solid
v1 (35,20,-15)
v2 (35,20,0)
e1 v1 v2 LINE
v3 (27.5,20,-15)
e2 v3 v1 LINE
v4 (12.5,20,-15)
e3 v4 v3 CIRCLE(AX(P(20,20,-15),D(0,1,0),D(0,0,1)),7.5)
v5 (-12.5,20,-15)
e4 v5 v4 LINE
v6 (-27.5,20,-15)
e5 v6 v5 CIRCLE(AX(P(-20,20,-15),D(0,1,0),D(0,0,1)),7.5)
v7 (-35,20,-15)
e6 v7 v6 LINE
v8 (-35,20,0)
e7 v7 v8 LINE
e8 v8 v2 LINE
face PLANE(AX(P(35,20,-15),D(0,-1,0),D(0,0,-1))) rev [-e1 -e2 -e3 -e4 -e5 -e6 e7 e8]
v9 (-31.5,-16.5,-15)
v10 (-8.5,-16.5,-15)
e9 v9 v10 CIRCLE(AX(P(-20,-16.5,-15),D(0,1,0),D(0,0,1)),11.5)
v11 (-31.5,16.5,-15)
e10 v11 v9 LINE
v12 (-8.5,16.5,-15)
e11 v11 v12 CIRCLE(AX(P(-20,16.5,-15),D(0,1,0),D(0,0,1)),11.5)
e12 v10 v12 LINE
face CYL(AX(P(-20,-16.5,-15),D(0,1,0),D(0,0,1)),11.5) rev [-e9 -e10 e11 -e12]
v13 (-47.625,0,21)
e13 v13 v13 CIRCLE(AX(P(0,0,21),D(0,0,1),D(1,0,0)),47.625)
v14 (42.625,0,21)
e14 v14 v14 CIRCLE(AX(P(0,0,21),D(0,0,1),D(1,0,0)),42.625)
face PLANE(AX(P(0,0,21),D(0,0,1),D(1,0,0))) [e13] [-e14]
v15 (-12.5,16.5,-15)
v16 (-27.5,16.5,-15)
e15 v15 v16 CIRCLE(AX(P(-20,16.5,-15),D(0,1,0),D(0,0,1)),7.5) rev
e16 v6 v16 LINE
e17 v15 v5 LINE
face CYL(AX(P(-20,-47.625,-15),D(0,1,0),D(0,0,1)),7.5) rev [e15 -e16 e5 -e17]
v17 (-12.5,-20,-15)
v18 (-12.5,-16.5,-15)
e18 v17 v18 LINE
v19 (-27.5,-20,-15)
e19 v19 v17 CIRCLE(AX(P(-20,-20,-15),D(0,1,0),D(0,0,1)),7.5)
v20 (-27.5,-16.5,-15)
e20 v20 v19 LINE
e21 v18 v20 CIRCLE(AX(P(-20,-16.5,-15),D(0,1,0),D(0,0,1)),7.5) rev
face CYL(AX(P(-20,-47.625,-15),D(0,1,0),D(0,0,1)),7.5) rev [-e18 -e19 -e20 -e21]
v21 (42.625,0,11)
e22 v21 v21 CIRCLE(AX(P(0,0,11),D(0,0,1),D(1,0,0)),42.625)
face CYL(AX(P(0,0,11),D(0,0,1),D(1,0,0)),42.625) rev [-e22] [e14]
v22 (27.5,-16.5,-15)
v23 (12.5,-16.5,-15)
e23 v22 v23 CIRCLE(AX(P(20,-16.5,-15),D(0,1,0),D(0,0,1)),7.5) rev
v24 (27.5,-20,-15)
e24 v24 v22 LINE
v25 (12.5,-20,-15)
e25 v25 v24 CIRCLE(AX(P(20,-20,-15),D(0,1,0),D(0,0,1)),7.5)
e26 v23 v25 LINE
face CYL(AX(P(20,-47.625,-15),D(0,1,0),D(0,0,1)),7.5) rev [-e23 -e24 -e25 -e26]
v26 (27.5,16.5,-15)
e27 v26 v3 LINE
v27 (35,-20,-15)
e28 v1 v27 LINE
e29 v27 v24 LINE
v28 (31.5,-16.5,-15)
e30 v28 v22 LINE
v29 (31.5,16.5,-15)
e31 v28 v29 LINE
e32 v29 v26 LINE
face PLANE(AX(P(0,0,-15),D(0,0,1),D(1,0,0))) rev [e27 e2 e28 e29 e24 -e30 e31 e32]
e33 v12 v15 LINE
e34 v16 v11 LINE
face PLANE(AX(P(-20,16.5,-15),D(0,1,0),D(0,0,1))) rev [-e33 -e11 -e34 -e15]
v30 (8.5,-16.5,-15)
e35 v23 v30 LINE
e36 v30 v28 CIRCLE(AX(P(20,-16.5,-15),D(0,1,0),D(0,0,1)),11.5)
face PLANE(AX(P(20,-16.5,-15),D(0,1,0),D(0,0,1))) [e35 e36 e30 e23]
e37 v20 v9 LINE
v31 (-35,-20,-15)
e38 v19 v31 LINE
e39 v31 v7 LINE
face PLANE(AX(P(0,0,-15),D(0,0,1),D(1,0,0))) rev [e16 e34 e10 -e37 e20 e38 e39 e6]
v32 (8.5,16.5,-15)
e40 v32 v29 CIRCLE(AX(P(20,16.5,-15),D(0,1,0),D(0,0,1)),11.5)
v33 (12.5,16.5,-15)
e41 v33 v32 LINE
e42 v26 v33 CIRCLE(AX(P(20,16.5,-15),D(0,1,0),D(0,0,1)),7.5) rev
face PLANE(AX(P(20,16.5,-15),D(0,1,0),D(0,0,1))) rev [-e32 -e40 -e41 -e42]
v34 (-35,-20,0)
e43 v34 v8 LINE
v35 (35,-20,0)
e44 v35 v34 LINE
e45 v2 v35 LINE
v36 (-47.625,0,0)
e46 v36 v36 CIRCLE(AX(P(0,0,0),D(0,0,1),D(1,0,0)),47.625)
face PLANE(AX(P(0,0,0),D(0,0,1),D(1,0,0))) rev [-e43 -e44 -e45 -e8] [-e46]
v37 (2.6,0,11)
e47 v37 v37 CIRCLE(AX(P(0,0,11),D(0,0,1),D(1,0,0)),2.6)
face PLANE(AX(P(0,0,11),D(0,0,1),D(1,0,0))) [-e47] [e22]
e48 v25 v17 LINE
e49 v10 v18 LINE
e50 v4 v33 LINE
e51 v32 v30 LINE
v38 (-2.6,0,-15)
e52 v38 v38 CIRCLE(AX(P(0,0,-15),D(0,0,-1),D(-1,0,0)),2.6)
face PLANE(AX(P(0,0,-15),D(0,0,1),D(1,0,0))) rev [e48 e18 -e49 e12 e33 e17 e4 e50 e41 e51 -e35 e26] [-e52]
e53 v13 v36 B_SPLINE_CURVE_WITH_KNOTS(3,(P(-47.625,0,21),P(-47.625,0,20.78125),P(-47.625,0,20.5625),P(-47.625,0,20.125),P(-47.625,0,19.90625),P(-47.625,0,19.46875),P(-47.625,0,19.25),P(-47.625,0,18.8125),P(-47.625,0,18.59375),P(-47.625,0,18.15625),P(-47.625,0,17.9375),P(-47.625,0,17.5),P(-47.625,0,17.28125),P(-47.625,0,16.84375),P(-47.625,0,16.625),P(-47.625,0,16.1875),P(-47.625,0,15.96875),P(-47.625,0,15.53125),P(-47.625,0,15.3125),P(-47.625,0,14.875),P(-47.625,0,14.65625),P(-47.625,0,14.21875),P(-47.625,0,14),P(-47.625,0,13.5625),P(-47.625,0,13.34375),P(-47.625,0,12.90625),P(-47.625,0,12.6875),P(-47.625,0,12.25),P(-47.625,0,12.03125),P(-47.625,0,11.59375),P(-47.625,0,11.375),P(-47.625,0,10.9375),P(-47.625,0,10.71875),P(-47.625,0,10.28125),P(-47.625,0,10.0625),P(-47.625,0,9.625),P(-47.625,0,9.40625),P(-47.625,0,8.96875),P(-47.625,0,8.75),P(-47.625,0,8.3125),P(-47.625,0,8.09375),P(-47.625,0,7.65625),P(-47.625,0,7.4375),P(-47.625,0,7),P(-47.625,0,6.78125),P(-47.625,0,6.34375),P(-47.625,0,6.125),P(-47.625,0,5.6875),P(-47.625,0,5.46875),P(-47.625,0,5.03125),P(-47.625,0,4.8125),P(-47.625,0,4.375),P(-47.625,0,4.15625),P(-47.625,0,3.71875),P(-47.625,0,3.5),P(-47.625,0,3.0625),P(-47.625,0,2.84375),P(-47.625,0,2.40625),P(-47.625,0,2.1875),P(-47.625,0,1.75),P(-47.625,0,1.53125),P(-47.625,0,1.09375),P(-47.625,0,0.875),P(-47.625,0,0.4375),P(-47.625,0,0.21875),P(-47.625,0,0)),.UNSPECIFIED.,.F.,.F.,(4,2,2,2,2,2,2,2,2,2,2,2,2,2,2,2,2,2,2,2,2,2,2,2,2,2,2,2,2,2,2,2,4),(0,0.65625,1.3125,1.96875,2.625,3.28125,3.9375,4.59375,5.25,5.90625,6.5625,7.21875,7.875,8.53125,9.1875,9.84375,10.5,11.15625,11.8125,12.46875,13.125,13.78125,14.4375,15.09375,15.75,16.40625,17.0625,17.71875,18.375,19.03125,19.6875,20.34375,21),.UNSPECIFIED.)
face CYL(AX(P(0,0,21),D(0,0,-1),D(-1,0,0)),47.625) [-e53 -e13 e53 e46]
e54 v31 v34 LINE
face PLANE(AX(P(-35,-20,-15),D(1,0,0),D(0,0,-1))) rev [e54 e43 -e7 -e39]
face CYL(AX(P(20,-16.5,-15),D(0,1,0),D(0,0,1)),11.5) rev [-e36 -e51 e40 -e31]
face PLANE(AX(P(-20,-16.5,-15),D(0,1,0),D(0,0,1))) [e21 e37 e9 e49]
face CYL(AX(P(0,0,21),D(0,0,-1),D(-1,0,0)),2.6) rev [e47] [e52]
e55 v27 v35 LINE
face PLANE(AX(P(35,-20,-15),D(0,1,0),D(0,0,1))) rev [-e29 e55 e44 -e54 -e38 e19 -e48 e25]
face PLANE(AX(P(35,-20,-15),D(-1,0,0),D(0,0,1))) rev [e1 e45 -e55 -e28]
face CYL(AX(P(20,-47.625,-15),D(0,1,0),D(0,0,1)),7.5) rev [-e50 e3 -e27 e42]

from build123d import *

# Parameters (mm, degrees)
SKETCH1_R           = 47.625
BOSS_EXTRUDE1_DEPTH = 21
SKETCH2_R           = 42.625
CUT_EXTRUDE1_DEPTH  = 10
SKETCH3_W           = 70
SKETCH3_H           = 40
BOSS_EXTRUDE2_DEPTH = 15
SKETCH4_R           = 7.5
CUT_EXTRUDE2_DEPTH  = 86.336283315
SKETCH5_R           = 2.6
CUT_EXTRUDE3_DEPTH  = 77.36937377
SKETCH6_R           = 11.5
CUT_EXTRUDE4_DEPTH  = 16.5


with BuildPart() as part:
    # Sketch1 → Boss-Extrude1 (new body)
    with BuildSketch(Plane.XY):
        with Locations(Location((0, 0, 0), (0, 0, 180))):
            Circle(SKETCH1_R)
    extrude(amount=BOSS_EXTRUDE1_DEPTH)

    # Sketch2 → Cut-Extrude1 (cut)
    with BuildSketch(Plane.XY.offset(21)):
        Circle(SKETCH2_R)
    extrude(amount=-CUT_EXTRUDE1_DEPTH, mode=Mode.SUBTRACT)

    # Sketch3 → Boss-Extrude2 (add)
    with BuildSketch(Plane(origin=(0, 0, 0), x_dir=(-1, 0, 0), z_dir=(0, 0, -1))):
        Rectangle(SKETCH3_W, SKETCH3_H)
    extrude(amount=BOSS_EXTRUDE2_DEPTH)

    # Sketch4 → Cut-Extrude2 (cut, through all)
    with BuildSketch(Plane(origin=(0, 20, 0), x_dir=(-1, 0, 0), z_dir=(0, 1, 0))):
        with Locations((-20, -15)):
            Circle(SKETCH4_R)
        with Locations((20, -15)):
            Circle(SKETCH4_R)
    extrude(amount=-CUT_EXTRUDE2_DEPTH, mode=Mode.SUBTRACT)

    # Sketch5 → Cut-Extrude3 (cut, through all)
    with BuildSketch(Plane(origin=(0, 0, -15), x_dir=(-1, 0, 0), z_dir=(0, 0, -1))):
        Circle(SKETCH5_R)
    extrude(amount=-CUT_EXTRUDE3_DEPTH, mode=Mode.SUBTRACT)

    # Sketch6 → Cut-Extrude4 (cut, symmetric)
    with BuildSketch(Plane(origin=(0, 0, 0), x_dir=(1, 0, 0), z_dir=(0, 1, 0))):
        with Locations((-20, 15)):
            Circle(SKETCH6_R)
        with Locations((20, 15)):
            Circle(SKETCH6_R)
    extrude(amount=CUT_EXTRUDE4_DEPTH, both=True, mode=Mode.SUBTRACT)


solid = part.part
